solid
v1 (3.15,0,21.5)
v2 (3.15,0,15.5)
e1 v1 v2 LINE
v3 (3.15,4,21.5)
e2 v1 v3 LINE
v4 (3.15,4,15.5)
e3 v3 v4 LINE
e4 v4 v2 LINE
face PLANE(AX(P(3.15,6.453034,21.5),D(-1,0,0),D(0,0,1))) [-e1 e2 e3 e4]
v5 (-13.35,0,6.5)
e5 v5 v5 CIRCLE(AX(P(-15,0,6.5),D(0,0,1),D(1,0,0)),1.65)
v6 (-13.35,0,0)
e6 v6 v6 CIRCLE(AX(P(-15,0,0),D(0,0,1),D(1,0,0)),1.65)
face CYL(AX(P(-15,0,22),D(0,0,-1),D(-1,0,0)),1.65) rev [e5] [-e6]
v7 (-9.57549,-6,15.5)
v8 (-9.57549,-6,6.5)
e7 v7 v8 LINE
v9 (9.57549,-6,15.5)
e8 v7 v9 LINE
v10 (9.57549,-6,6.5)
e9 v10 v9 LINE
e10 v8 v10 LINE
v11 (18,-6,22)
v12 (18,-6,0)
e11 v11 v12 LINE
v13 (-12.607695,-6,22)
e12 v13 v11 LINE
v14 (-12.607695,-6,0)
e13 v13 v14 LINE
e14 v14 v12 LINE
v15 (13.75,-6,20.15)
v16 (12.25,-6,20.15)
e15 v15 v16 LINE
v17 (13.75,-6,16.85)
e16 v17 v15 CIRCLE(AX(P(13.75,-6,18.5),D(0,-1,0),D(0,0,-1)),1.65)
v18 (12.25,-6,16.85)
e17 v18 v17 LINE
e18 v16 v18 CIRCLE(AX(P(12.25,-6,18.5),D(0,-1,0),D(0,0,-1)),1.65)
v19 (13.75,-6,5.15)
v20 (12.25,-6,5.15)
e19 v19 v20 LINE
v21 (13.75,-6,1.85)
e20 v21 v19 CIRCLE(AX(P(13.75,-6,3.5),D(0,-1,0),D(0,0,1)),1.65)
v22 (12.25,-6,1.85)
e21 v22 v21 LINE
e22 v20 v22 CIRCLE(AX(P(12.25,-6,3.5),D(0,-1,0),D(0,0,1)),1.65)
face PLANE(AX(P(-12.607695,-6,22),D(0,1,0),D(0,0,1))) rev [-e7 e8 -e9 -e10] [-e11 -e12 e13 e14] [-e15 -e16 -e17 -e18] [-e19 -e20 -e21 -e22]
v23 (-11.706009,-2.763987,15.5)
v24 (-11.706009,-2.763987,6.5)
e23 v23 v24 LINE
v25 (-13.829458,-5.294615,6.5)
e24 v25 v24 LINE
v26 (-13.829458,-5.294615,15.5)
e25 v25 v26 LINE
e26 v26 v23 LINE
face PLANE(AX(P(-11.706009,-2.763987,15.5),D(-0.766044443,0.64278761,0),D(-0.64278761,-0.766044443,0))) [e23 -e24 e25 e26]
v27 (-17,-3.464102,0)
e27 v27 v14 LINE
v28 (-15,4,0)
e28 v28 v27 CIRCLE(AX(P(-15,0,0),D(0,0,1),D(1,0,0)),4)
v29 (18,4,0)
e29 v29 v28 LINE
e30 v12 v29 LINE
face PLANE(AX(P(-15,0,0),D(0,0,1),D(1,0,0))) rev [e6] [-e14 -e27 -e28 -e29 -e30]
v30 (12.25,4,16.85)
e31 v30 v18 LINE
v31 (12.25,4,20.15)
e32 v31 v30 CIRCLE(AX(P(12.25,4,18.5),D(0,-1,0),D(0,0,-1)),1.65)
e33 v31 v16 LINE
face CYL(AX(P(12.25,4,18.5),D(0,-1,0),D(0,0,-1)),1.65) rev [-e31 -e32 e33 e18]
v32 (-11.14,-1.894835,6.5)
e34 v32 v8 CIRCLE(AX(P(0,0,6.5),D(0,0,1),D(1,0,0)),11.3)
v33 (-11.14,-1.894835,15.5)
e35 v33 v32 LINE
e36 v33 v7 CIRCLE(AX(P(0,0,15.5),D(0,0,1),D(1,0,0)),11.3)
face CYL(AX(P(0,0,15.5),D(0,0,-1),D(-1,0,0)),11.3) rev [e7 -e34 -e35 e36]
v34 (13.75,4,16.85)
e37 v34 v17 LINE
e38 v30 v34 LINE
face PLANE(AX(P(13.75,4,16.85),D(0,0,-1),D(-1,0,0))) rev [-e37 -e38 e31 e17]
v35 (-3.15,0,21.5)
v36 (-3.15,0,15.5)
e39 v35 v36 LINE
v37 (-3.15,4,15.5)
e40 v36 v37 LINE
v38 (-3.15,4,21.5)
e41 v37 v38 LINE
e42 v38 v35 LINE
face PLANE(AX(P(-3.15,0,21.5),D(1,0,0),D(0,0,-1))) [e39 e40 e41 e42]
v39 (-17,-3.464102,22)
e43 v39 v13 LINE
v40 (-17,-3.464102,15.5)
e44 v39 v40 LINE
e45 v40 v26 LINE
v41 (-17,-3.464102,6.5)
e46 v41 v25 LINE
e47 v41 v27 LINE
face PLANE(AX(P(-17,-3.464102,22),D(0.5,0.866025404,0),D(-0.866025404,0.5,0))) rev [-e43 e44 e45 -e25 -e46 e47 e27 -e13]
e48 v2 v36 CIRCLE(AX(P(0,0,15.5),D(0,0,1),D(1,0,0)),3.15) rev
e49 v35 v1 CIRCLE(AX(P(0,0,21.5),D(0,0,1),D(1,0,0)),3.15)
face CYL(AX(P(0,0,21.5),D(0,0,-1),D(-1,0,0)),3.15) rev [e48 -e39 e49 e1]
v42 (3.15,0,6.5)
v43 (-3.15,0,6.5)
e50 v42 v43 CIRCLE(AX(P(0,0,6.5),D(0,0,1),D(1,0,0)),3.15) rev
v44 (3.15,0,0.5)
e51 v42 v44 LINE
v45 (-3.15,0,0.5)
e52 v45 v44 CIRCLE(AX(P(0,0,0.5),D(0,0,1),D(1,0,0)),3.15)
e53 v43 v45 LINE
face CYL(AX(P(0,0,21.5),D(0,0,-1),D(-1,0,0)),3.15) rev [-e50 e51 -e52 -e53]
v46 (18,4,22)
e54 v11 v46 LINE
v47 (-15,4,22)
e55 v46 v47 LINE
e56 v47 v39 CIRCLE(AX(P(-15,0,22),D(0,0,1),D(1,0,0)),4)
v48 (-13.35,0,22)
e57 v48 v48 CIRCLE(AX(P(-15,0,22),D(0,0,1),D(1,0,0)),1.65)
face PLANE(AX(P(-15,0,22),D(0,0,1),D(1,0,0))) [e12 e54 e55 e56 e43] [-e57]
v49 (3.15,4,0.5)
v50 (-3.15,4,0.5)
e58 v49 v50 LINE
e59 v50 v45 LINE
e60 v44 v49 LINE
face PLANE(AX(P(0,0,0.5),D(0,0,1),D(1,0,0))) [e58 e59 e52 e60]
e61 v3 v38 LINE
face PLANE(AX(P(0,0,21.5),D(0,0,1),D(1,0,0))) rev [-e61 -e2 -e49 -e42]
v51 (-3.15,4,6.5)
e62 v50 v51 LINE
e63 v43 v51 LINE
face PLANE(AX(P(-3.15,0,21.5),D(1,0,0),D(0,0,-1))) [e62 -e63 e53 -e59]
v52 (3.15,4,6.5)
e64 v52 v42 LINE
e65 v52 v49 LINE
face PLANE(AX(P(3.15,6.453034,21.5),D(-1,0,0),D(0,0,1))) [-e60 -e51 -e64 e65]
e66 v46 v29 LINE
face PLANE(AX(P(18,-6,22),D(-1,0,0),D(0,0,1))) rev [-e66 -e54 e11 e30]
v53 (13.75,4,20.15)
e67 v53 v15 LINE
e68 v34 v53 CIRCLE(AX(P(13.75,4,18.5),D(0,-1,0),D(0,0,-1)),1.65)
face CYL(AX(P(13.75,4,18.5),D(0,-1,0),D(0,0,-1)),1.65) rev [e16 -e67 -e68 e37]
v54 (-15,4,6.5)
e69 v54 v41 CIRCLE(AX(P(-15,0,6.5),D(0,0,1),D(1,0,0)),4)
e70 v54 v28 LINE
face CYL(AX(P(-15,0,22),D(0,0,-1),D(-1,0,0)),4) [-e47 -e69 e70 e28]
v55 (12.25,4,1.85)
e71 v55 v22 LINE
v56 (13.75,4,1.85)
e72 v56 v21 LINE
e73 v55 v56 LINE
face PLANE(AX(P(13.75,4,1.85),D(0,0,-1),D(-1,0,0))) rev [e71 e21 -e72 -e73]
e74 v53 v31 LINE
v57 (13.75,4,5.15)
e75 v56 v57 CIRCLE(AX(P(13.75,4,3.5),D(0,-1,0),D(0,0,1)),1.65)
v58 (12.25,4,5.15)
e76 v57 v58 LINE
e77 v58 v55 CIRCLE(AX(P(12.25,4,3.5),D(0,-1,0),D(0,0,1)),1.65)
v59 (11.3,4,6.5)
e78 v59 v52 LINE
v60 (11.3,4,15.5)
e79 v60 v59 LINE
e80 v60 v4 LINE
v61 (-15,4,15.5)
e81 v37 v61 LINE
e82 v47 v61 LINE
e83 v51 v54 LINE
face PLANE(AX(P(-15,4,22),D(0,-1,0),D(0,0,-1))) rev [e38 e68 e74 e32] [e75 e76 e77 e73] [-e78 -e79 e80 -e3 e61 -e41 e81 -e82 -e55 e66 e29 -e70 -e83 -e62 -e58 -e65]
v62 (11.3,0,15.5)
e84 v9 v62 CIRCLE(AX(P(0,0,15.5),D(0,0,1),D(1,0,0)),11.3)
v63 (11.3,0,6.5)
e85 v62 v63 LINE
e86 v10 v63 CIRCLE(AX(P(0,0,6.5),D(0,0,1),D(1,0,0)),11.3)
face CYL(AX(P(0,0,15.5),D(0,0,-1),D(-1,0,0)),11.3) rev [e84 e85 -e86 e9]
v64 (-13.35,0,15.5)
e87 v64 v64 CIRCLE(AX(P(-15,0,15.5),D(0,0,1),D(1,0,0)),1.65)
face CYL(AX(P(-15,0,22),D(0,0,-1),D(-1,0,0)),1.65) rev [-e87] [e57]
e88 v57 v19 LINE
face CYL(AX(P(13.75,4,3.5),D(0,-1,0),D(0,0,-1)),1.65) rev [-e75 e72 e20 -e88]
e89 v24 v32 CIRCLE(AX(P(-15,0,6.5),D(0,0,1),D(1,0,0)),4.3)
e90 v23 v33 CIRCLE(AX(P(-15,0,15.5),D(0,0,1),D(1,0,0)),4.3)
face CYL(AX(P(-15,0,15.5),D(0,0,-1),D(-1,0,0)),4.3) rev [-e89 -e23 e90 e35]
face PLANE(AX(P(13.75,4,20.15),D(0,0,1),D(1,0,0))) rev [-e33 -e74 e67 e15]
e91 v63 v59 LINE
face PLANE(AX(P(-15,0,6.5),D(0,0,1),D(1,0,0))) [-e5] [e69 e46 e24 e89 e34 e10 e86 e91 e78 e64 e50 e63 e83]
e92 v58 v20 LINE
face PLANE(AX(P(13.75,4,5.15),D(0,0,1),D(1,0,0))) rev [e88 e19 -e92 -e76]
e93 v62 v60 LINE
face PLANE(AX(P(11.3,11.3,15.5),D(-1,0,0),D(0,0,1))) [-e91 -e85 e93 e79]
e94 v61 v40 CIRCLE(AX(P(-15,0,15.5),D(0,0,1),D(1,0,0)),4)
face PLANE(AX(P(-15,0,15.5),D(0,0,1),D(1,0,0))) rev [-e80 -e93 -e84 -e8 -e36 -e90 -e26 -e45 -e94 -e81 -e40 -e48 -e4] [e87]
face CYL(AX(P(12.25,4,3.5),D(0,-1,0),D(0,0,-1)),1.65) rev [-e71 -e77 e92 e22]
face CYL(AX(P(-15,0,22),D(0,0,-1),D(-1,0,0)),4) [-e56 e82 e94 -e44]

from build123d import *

# Parameters (mm, degrees)
SKETCH1_R               = 1.65
BOSS_EXTRUDE1_DEPTH     = 22
CUT_EXTRUDE1_DEPTH      = 4.5
CUT_EXTRUDE1_DEPTH_BACK = 4.5
CUT_EXTRUDE3_DEPTH      = 10.5
CUT_EXTRUDE3_DEPTH_BACK = 10.5
CUT_EXTRUDE2_DEPTH      = 31.740852298


with BuildPart() as part:
    # Sketch1 → Boss-Extrude1 (new body)
    with BuildSketch(Plane.XY):
        with BuildLine():
            Line((-17, -3.464101615), (-12.607695155, -6))
            Line((-12.607695155, -6), (18, -6))
            Line((18, -6), (18, 4))
            Line((18, 4), (-15, 4))
            ThreePointArc((-15, 4), (-18.863703305, 1.03527618), (-17, -3.464101615))
        make_face()
        with Locations((-15, 0)):
            Circle(SKETCH1_R, mode=Mode.SUBTRACT)
    extrude(amount=BOSS_EXTRUDE1_DEPTH)

    # Sketch2 → Cut-Extrude1 (cut, two sides: drawn at the far end of the back side and taken through both)
    with BuildSketch(Plane.XY.offset(11).offset(-CUT_EXTRUDE1_DEPTH_BACK)):
        with BuildLine():
            Line((-11.706008895, -2.763986722), (-19.3, -11.814152904))
            Line((-19.3, -11.814152904), (-19.3, 11.3))
            Line((-19.3, 11.3), (11.3, 11.3))
            Line((11.3, 11.3), (11.3, 0))
            ThreePointArc((11.3, 0), (0.950789146, -11.259928952), (-11.14, -1.894835085))
            ThreePointArc((-11.14, -1.894835085), (-11.396702437, -2.346539297), (-11.706008895, -2.763986722))
        make_face()
    extrude(amount=CUT_EXTRUDE1_DEPTH + CUT_EXTRUDE1_DEPTH_BACK, mode=Mode.SUBTRACT)

    # Sketch4 → Cut-Extrude3 (cut, two sides: drawn at the far end of the back side and taken through both)
    with BuildSketch(Plane.XY.offset(11).offset(-CUT_EXTRUDE3_DEPTH_BACK)):
        with BuildLine():
            Line((-3.15, 0), (-3.15, 6.453034263))
            Line((-3.15, 6.453034263), (3.15, 6.453034263))
            Line((3.15, 6.453034263), (3.15, 0))
            ThreePointArc((3.15, 0), (0, -3.15), (-3.15, 0))
        make_face()
    extrude(amount=CUT_EXTRUDE3_DEPTH + CUT_EXTRUDE3_DEPTH_BACK, mode=Mode.SUBTRACT)

    # Sketch3 → Cut-Extrude2 (cut, through all)
    with BuildSketch(Plane.XZ.offset(6)):
        with BuildLine():
            Line((13.75, 16.85), (12.25, 16.85))
            ThreePointArc((12.25, 16.85), (10.6, 18.5), (12.25, 20.15))
            Line((12.25, 20.15), (13.75, 20.15))
            ThreePointArc((13.75, 20.15), (15.4, 18.5), (13.75, 16.85))
        make_face()
        with BuildLine():
            Line((13.75, 5.15), (12.25, 5.15))
            ThreePointArc((12.25, 5.15), (10.6, 3.5), (12.25, 1.85))
            Line((12.25, 1.85), (13.75, 1.85))
            ThreePointArc((13.75, 1.85), (15.4, 3.5), (13.75, 5.15))
        make_face()
    extrude(amount=-CUT_EXTRUDE2_DEPTH, mode=Mode.SUBTRACT)


solid = part.part
